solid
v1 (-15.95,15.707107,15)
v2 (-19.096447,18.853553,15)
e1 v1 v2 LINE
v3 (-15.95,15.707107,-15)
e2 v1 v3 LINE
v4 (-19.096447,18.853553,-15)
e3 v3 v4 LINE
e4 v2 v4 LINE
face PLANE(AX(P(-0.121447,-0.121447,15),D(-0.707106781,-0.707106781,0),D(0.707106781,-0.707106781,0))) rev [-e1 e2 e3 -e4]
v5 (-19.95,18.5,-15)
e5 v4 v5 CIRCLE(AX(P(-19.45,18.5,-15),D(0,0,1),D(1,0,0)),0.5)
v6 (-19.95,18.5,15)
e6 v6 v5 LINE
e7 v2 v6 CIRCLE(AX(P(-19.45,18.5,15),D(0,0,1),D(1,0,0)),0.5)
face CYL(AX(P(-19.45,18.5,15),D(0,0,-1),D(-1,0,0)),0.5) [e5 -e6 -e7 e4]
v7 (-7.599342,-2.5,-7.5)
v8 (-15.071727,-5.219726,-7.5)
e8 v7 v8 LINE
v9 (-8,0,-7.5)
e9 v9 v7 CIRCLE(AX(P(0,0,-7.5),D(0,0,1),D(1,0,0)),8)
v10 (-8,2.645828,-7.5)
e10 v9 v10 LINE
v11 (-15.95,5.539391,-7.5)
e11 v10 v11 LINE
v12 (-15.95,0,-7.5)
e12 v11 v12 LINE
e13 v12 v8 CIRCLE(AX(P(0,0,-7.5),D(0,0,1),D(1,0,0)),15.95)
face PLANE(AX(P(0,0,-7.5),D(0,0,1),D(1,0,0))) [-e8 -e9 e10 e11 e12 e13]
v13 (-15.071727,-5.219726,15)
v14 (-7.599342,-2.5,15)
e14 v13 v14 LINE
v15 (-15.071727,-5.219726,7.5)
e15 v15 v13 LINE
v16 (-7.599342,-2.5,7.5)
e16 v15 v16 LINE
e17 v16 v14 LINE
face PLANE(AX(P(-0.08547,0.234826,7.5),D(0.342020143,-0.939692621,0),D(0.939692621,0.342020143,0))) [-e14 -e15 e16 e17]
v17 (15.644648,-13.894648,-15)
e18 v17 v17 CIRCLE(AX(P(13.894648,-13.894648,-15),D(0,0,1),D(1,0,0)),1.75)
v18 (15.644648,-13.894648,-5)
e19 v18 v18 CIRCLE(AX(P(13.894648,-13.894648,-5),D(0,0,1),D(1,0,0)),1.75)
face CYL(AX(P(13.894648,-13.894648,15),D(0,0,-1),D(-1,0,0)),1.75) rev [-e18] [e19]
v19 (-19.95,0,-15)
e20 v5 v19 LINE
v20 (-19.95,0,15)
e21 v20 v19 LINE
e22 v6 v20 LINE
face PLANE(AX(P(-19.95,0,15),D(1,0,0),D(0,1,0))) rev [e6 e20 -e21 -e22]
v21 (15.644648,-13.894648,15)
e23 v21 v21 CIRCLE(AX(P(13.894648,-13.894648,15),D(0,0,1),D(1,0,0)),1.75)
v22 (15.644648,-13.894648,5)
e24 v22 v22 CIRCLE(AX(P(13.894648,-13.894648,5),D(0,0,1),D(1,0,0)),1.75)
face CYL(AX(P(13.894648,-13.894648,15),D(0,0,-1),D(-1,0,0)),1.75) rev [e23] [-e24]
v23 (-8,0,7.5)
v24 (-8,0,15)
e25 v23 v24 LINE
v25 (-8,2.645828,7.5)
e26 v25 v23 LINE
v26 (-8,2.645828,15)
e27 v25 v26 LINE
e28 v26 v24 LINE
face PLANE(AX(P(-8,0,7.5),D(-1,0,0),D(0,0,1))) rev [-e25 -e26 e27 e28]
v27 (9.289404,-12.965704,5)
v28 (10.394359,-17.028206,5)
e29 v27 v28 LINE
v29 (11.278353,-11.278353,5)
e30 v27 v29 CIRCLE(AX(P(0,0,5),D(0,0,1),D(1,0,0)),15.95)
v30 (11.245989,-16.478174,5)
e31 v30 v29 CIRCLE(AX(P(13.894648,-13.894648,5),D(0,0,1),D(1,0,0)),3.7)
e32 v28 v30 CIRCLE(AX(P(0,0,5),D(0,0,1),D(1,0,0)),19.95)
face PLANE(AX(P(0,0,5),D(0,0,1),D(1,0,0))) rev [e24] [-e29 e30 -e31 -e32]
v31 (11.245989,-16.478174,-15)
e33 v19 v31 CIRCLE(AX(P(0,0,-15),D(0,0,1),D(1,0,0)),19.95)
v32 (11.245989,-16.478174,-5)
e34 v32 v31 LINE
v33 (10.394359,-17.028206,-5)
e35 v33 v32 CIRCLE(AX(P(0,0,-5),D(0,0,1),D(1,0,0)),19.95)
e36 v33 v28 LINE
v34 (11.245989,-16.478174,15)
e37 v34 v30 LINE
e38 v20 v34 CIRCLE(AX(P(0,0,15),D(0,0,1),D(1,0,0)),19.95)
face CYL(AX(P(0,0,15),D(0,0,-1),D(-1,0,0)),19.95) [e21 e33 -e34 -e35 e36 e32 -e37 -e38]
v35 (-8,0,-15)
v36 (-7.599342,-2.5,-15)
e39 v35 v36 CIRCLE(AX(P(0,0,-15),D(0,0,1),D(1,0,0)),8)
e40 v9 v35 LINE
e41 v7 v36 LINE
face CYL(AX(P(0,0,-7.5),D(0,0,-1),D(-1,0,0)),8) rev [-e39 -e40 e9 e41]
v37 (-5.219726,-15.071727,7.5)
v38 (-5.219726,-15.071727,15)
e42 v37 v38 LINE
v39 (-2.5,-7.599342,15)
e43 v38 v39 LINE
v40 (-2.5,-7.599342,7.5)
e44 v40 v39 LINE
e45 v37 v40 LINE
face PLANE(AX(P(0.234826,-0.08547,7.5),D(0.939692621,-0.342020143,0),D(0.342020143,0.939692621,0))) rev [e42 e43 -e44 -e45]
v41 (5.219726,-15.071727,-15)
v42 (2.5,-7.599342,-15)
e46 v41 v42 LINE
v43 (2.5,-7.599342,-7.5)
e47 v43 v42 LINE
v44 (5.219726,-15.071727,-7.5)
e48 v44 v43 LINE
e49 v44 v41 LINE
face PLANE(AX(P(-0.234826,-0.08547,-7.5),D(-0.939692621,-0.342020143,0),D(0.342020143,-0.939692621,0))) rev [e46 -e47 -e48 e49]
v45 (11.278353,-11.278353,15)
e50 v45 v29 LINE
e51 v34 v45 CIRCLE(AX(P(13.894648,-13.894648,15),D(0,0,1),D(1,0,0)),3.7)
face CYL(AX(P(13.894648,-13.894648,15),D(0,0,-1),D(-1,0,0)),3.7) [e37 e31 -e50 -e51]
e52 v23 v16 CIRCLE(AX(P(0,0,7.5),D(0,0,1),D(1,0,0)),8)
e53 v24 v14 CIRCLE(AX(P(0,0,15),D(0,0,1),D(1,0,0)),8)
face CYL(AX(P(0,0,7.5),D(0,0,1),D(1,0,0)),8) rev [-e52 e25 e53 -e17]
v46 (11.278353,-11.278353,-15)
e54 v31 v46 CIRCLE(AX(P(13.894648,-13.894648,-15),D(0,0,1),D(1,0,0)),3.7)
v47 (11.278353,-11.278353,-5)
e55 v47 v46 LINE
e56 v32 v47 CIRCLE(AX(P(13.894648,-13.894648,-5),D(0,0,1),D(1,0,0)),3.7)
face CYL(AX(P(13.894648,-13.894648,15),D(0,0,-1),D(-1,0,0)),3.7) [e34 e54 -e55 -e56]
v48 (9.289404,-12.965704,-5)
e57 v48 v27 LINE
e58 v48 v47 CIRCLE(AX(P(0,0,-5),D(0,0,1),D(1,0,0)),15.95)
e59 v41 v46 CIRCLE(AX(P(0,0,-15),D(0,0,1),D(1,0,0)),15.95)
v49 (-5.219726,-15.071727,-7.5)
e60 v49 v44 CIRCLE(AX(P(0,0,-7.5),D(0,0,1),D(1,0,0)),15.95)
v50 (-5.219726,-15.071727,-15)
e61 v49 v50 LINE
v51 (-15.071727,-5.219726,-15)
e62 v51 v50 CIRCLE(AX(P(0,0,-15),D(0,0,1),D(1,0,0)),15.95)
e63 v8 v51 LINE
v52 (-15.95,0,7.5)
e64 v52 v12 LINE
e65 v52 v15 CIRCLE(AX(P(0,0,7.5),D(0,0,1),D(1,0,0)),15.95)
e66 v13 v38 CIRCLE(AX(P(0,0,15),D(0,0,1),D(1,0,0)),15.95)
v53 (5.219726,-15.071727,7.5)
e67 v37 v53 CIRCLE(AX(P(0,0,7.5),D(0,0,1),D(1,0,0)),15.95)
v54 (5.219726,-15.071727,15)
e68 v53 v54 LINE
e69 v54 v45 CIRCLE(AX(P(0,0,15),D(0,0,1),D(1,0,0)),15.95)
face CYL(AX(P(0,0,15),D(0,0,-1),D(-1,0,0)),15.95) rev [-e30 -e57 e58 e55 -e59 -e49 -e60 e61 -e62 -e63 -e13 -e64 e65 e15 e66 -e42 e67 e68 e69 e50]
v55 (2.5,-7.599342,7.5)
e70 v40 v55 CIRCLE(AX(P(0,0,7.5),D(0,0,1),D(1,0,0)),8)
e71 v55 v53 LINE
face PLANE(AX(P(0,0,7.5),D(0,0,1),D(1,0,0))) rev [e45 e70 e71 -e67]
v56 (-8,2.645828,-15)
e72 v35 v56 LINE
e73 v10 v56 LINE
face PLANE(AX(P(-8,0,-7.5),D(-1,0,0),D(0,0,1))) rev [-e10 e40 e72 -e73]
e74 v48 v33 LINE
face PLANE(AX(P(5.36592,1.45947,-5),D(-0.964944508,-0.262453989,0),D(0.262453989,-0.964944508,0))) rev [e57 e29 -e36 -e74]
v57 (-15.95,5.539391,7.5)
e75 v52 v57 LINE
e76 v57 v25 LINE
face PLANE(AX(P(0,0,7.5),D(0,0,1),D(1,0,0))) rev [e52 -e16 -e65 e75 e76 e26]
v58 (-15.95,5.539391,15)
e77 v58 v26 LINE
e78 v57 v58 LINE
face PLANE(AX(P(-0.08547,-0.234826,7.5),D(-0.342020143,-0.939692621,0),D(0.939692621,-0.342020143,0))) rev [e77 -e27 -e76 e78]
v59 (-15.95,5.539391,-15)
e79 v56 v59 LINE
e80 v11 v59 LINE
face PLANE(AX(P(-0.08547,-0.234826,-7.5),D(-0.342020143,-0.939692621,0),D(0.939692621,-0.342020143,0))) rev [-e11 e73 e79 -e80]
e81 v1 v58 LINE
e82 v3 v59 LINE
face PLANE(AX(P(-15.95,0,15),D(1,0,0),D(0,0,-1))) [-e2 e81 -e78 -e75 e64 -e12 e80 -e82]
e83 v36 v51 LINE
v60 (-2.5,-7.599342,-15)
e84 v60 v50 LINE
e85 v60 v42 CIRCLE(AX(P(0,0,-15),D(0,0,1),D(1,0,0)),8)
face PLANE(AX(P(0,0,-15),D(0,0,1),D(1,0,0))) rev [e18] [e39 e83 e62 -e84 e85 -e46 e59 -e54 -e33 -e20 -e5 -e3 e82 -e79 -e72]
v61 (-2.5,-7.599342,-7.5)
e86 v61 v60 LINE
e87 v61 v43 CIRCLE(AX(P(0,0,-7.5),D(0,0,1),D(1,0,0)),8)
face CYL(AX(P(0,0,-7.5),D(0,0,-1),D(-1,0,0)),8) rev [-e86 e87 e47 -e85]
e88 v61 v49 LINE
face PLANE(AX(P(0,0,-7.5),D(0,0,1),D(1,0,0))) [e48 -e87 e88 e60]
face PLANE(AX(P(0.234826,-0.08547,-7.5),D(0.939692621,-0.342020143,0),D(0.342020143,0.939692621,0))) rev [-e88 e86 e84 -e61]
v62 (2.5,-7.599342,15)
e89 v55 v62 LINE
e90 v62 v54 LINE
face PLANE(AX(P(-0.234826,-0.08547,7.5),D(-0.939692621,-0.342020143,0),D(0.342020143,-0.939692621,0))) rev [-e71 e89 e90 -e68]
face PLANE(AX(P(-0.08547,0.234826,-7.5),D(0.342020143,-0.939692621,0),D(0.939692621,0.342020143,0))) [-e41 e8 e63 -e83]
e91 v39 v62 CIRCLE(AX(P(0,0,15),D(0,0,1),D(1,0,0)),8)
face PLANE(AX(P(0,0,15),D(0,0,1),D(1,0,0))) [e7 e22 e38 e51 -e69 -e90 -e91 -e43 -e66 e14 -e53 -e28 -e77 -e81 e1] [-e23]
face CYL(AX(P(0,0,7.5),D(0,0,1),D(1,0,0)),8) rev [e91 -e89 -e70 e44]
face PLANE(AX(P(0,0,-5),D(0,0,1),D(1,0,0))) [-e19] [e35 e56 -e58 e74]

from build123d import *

# Parameters (mm, degrees)
SKETCH_1_R          = 1.75
EXTRUDE_1_DEPTH     = 15
EXTRUDE_START       = 15
EXTRUDE_2_DEPTH     = 7.5
EXTRUDE_START_2     = -7.5
EXTRUDE_3_DEPTH     = 7.5
SKETCH_1_5_R        = 1.75
CUT_EXTRUDE_2_DEPTH = 5


with BuildPart() as part:
    # Эскиз1 → Бобышка-Вытянуть1 (new, symmetric)
    with BuildSketch(Plane.XY):
        with BuildLine():
            Line((-15.95, 15.707106781), (-15.95, 0))
            ThreePointArc((-15.95, 0), (-6.103800746, -14.735878544), (11.27835316, -11.27835316))
            ThreePointArc((11.27835316, -11.27835316), (17.594576586, -13.917676686), (11.245989359, -16.478174151))
            ThreePointArc((11.245989359, -16.478174151), (-9.317859526, -17.640294608), (-19.95, 0))
            Line((-19.95, 0), (-19.95, 18.5))
            ThreePointArc((-19.95, 18.5), (-19.641341716, 18.961939766), (-19.096446609, 18.853553391))
            Line((-19.096446609, 18.853553391), (-15.95, 15.707106781))
        make_face()
        with Locations((13.89464825, -13.89464825)):
            Circle(SKETCH_1_R, mode=Mode.SUBTRACT)
    extrude(amount=EXTRUDE_1_DEPTH, both=True)

    # Эскиз1<3> → Бобышка-Вытянуть2 (add)
    with BuildSketch(Plane.XY.offset(EXTRUDE_START)):
        with BuildLine():
            ThreePointArc((-7.599342077, -2.5), (-7.899200485, -1.265950905), (-8, 0))
            Line((-8, 0), (-8, 2.645827558))
            Line((-8, 2.645827558), (-15.95, 5.539390921))
            Line((-15.95, 5.539390921), (-15.95, 0))
            ThreePointArc((-15.95, 0), (-15.728899355, -2.646549654), (-15.071727264, -5.219725787))
            Line((-15.071727264, -5.219725787), (-7.599342077, -2.5))
        make_face()
        with BuildLine():
            Line((-2.5, -7.599342077), (-5.219725787, -15.071727264))
            ThreePointArc((-5.219725787, -15.071727264), (0, -15.95), (5.219725787, -15.071727264))
            Line((5.219725787, -15.071727264), (2.5, -7.599342077))
            ThreePointArc((2.5, -7.599342077), (0, -8), (-2.5, -7.599342077))
        make_face()
    extrude(amount=-EXTRUDE_2_DEPTH)

    # Эскиз1<4> → Бобышка-Вытянуть3 (add)
    with BuildSketch(Plane.XY.offset(EXTRUDE_START_2)):
        with BuildLine():
            ThreePointArc((-7.599342077, -2.5), (-7.899200485, -1.265950905), (-8, 0))
            Line((-8, 0), (-8, 2.645827558))
            Line((-8, 2.645827558), (-15.95, 5.539390921))
            Line((-15.95, 5.539390921), (-15.95, 0))
            ThreePointArc((-15.95, 0), (-15.728899355, -2.646549654), (-15.071727264, -5.219725787))
            Line((-15.071727264, -5.219725787), (-7.599342077, -2.5))
        make_face()
        with BuildLine():
            Line((-2.5, -7.599342077), (-5.219725787, -15.071727264))
            ThreePointArc((-5.219725787, -15.071727264), (0, -15.95), (5.219725787, -15.071727264))
            Line((5.219725787, -15.071727264), (2.5, -7.599342077))
            ThreePointArc((2.5, -7.599342077), (0, -8), (-2.5, -7.599342077))
        make_face()
    extrude(amount=-EXTRUDE_3_DEPTH)

    # Эскиз1<5> → Вырез-Вытянуть2 (cut, symmetric)
    with BuildSketch(Plane.XY):
        with BuildLine():
            ThreePointArc((11.27835316, -11.27835316), (10.318427509, -12.162752721), (9.289403961, -12.965703762))
            Line((9.289403961, -12.965703762), (10.394358671, -17.028206242))
            ThreePointArc((10.394358671, -17.028206242), (10.823668488, -16.758600791), (11.245989359, -16.478174151))
            ThreePointArc((11.245989359, -16.478174151), (17.594576586, -13.917676686), (11.27835316, -11.27835316))
        make_face()
        with Locations((13.89464825, -13.89464825)):
            Circle(SKETCH_1_5_R, mode=Mode.SUBTRACT)
    extrude(amount=CUT_EXTRUDE_2_DEPTH, both=True, mode=Mode.SUBTRACT)


solid = part.part
